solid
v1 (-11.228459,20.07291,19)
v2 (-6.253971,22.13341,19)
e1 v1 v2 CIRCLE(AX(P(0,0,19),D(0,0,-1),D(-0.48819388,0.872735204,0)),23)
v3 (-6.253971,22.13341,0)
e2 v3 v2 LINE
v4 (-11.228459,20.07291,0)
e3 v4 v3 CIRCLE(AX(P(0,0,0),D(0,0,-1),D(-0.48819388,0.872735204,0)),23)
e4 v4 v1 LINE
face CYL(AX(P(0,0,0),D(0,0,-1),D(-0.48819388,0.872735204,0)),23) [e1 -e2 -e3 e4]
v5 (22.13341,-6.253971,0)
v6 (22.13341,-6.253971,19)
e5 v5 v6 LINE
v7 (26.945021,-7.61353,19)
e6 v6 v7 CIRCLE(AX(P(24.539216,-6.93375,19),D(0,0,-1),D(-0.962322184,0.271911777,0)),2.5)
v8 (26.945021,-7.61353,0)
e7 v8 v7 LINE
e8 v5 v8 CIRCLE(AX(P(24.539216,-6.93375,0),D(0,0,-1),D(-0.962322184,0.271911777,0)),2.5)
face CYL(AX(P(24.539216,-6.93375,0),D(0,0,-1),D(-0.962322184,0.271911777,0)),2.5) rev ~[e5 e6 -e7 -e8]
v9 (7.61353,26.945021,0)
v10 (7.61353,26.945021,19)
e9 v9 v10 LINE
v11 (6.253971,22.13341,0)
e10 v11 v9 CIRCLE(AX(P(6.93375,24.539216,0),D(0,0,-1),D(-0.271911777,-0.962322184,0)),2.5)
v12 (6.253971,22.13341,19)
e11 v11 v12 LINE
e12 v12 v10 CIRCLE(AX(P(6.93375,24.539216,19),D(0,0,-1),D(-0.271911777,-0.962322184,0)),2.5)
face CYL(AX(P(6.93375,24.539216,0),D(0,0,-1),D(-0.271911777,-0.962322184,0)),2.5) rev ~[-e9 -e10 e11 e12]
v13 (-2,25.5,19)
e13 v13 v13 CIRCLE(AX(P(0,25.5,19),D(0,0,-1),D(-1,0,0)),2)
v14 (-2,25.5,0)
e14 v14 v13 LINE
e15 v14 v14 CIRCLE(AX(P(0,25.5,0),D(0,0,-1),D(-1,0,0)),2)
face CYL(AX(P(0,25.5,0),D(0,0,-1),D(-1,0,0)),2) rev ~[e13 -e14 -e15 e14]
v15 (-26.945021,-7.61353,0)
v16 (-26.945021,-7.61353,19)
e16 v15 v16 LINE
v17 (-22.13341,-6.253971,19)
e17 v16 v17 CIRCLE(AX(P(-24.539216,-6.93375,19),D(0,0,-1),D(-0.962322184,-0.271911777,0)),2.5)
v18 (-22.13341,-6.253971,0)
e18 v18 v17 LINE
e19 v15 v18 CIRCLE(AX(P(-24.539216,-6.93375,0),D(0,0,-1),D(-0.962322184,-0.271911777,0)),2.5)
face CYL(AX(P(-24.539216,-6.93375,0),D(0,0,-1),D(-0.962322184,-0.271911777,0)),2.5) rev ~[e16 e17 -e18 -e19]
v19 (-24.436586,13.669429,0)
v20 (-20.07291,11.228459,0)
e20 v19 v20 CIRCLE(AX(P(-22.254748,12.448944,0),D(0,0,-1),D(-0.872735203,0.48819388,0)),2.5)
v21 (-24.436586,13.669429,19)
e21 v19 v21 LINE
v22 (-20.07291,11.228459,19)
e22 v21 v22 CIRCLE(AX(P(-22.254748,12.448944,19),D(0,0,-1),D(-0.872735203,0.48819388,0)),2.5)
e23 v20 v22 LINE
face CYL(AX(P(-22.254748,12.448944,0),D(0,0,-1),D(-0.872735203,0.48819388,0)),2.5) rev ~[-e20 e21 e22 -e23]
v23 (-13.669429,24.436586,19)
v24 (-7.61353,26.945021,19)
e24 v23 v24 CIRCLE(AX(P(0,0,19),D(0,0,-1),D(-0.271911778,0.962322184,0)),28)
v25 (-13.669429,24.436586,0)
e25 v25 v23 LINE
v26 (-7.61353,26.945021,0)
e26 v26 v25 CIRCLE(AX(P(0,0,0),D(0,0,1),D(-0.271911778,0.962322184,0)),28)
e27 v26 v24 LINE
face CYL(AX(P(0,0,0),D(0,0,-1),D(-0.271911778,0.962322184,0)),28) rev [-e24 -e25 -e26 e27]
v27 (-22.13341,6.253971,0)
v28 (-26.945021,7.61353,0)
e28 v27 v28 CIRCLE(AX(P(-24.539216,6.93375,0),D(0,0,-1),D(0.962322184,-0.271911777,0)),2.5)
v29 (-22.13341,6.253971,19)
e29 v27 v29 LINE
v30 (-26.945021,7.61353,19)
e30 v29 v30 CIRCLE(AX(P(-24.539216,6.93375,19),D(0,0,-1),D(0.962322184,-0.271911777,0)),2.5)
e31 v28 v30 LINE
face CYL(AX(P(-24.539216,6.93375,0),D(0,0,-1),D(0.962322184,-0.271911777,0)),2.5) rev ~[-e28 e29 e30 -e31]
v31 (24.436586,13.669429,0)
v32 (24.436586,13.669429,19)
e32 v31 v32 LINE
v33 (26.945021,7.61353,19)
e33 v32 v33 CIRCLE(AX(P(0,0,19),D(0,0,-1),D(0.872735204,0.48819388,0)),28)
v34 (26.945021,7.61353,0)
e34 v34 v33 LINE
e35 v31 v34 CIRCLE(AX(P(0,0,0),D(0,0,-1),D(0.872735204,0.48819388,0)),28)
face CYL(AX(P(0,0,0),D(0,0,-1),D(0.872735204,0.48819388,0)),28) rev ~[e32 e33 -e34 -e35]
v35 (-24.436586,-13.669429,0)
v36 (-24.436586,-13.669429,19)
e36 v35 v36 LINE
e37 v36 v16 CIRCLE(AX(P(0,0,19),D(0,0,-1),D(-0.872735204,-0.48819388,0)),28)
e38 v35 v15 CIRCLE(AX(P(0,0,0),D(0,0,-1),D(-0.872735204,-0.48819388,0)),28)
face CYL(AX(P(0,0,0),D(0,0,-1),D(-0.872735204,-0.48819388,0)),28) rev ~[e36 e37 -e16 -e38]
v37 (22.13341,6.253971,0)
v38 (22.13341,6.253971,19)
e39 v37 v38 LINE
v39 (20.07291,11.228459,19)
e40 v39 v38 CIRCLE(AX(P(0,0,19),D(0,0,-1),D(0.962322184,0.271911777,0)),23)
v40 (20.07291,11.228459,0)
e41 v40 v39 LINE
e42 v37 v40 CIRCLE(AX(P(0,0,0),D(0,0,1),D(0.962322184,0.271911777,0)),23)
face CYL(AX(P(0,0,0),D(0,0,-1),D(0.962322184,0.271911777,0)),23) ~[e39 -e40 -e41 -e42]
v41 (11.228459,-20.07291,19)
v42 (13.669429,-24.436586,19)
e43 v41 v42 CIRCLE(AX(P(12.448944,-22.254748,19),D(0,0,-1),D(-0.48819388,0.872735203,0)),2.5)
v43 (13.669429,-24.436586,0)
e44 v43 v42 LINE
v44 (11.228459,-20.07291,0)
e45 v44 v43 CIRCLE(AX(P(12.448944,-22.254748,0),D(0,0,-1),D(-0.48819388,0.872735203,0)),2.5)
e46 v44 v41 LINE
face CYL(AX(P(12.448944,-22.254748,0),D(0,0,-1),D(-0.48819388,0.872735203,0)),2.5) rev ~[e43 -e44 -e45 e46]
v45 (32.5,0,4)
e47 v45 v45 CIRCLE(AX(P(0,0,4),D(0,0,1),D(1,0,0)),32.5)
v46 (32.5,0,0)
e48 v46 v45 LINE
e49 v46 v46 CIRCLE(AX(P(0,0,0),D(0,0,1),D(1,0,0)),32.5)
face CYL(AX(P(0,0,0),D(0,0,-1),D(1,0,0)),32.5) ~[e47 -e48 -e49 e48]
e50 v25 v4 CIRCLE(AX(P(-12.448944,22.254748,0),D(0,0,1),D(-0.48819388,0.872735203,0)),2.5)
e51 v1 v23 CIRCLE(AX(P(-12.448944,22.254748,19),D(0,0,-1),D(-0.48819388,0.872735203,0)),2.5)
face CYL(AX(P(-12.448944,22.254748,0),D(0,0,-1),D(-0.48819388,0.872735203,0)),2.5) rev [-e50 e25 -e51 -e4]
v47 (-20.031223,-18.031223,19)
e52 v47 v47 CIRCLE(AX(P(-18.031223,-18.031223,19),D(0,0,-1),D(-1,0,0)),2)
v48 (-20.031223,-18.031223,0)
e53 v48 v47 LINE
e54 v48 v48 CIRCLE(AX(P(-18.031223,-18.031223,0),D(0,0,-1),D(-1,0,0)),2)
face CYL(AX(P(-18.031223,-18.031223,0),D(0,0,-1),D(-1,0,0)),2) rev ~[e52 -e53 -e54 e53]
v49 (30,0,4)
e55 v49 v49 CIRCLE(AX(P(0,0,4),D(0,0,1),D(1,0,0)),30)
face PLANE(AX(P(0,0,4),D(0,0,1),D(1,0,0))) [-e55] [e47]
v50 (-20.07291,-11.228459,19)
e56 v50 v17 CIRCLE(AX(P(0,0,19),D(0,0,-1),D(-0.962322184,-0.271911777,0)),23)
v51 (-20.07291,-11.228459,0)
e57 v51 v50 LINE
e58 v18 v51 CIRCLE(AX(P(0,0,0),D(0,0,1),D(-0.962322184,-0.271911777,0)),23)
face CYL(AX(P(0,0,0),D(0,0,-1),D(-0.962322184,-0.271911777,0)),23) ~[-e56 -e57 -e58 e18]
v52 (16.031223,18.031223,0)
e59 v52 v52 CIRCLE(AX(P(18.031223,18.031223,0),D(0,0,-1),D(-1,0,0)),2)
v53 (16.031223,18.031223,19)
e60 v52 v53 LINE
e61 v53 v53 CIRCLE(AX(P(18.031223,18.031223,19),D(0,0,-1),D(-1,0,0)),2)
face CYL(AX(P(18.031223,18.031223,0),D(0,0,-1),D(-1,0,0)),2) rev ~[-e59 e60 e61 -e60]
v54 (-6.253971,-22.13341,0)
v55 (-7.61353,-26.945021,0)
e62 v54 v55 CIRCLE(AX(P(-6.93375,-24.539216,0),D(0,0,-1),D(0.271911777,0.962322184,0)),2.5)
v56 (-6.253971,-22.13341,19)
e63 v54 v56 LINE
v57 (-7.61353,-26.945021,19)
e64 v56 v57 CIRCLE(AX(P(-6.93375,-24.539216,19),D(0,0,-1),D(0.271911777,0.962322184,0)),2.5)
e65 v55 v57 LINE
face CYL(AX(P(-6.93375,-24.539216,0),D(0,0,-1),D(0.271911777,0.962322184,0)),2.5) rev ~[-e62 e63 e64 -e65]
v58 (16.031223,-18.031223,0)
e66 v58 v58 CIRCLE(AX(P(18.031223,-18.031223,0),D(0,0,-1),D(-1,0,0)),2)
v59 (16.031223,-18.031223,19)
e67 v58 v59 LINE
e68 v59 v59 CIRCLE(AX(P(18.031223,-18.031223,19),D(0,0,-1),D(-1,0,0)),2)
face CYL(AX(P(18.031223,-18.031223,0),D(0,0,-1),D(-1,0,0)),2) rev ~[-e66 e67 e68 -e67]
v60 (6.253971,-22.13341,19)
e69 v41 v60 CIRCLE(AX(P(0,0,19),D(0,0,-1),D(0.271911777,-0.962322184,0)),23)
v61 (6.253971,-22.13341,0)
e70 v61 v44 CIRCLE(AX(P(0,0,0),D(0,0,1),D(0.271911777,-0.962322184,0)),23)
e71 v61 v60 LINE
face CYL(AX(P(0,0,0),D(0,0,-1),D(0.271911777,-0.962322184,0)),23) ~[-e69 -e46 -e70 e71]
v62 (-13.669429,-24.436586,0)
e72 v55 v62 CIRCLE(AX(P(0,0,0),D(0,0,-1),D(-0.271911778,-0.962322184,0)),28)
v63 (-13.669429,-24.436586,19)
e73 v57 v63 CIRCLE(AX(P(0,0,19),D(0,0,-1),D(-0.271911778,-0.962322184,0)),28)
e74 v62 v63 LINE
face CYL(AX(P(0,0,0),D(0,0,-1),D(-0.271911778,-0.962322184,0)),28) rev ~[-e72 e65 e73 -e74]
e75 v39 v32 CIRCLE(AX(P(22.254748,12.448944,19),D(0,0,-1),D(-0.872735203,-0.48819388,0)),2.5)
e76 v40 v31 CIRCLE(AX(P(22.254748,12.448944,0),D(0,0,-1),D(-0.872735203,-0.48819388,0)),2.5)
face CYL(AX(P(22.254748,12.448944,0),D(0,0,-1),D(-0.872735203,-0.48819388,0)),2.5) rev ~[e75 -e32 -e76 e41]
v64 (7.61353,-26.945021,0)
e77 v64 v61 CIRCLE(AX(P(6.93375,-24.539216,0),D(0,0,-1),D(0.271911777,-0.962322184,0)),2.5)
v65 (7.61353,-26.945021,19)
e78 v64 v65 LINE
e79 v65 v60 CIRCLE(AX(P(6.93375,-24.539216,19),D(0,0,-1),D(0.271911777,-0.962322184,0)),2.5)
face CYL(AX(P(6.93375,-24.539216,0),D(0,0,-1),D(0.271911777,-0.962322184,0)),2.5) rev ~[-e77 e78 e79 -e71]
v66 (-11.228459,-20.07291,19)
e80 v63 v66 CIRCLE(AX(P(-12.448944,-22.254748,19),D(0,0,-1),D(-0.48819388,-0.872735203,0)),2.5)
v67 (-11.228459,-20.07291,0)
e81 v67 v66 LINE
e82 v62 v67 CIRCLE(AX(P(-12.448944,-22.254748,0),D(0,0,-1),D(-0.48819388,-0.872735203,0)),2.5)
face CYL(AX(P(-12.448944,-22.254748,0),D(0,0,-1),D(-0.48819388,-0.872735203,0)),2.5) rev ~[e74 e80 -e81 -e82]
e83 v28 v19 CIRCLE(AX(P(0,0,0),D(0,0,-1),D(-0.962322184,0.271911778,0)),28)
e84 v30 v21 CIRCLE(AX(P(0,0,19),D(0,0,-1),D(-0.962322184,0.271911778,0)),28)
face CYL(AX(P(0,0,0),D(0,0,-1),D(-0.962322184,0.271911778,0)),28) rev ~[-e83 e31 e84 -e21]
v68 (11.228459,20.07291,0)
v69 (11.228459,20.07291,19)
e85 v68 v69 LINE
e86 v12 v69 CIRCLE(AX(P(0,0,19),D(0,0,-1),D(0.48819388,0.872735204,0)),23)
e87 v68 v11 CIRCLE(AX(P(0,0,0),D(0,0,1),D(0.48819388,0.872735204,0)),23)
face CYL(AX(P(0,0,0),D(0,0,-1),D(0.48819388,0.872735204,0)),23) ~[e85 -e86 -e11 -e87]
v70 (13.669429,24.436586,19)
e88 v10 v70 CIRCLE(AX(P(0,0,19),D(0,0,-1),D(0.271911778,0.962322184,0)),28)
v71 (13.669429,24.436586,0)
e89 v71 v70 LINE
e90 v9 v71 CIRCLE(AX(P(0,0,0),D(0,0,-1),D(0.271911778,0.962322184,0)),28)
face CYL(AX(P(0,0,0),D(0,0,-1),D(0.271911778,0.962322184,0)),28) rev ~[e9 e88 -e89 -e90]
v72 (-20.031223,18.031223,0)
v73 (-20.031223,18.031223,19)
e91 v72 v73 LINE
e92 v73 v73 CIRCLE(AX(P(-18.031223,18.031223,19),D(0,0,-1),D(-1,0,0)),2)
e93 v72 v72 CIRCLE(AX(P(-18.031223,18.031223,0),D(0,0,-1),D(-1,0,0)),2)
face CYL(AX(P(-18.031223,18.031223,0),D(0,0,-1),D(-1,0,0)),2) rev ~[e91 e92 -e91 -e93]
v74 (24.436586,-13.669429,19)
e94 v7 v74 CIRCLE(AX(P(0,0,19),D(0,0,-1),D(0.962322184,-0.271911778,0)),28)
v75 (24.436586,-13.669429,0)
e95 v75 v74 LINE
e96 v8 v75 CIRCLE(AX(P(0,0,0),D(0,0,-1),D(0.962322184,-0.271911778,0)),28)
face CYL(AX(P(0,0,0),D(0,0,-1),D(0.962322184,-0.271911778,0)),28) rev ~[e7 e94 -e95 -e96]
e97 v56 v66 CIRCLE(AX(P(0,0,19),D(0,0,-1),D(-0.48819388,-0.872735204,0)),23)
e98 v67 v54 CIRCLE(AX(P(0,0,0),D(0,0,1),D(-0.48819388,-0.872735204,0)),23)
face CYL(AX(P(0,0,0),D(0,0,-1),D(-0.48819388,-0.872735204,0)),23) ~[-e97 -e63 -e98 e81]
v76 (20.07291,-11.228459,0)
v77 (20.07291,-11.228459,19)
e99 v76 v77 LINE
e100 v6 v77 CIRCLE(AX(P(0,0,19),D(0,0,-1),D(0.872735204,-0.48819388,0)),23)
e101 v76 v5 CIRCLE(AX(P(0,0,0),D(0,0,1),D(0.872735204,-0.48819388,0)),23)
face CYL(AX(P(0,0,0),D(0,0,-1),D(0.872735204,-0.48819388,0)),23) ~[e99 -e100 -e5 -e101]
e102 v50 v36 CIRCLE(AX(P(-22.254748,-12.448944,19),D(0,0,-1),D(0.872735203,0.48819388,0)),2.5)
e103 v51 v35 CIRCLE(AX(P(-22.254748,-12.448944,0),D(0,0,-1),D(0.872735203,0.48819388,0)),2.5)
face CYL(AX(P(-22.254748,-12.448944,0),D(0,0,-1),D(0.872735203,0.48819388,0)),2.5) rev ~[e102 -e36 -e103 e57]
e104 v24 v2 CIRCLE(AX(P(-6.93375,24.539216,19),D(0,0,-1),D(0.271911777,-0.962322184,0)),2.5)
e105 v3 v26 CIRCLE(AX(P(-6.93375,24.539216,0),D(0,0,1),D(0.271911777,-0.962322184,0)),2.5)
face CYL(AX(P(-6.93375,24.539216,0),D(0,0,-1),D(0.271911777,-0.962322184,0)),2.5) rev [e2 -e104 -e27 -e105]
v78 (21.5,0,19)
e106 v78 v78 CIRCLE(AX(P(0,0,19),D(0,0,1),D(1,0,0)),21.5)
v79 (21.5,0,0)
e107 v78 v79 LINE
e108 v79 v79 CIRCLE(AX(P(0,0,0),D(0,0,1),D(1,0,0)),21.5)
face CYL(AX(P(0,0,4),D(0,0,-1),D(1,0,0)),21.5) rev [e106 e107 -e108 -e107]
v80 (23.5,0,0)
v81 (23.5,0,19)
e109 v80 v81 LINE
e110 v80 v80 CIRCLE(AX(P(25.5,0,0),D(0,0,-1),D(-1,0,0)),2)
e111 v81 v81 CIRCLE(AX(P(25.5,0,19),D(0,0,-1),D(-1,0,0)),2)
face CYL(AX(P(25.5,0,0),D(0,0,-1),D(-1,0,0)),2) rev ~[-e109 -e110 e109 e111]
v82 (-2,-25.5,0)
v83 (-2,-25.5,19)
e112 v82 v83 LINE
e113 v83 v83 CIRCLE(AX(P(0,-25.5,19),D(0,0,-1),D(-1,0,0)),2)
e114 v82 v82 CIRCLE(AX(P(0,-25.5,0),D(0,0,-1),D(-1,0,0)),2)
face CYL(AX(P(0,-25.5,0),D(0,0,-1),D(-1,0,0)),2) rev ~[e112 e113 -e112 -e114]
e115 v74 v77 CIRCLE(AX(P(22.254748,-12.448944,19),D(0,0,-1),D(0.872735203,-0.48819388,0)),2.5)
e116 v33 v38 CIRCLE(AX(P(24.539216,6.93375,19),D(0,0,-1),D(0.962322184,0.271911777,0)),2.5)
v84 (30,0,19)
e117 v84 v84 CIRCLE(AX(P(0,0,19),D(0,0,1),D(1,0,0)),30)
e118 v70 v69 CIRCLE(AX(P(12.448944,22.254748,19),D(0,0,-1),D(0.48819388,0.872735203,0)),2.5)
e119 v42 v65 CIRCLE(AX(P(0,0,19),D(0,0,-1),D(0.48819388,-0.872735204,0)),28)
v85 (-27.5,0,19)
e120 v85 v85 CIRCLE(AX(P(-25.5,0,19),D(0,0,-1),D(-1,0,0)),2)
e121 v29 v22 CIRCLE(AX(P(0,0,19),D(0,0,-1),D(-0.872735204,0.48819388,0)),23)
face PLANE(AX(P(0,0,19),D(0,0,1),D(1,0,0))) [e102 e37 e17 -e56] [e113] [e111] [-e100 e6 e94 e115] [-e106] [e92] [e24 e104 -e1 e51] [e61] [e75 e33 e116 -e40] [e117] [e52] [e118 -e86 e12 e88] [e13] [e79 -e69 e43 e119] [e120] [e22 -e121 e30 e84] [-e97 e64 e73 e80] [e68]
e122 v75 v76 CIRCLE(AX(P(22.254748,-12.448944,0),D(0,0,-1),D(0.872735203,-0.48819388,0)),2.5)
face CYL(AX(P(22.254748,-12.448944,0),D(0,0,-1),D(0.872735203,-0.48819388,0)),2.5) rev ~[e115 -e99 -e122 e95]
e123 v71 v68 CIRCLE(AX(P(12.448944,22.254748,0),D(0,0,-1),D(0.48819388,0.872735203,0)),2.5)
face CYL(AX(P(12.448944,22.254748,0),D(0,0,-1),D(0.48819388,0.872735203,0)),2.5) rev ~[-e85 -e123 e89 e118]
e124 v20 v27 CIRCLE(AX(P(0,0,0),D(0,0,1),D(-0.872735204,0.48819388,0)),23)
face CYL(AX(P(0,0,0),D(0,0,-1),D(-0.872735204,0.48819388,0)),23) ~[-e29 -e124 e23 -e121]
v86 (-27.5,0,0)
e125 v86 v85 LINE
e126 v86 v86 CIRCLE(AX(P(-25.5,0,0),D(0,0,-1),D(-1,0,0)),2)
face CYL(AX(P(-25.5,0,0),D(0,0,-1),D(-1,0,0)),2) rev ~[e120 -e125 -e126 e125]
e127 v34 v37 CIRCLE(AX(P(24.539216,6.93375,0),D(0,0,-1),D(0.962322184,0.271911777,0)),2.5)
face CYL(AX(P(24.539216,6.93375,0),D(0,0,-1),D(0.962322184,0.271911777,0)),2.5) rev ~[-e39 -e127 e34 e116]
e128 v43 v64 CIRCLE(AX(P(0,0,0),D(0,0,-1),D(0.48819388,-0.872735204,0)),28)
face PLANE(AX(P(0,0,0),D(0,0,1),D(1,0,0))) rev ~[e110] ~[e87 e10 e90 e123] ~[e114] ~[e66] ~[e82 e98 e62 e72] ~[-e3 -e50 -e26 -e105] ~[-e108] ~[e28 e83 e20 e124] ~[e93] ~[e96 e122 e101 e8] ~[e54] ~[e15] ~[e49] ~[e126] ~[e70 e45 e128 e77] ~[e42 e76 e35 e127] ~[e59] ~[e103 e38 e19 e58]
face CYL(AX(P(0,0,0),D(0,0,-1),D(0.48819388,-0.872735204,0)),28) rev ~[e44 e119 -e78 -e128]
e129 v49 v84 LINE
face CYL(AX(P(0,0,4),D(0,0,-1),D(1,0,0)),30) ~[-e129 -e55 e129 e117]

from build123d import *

# Parameters (mm, degrees)
SKETCH_1_R          = 32.5
SKETCH_1_R_2        = 21.5
EXTRUDE_1_DEPTH     = 4
SKETCH_2_R          = 30
SKETCH_2_R_2        = 21.5
EXTRUDE_2_DEPTH     = 15
SKETCH_3_R          = 2
CUT_EXTRUDE_1_DEPTH = 50.734294003


with BuildPart() as part:
    # 草图1 → 凸台-拉伸1 (new body)
    with BuildSketch(Plane.XY):
        Circle(SKETCH_1_R)
        Circle(SKETCH_1_R_2, mode=Mode.SUBTRACT)
    extrude(amount=EXTRUDE_1_DEPTH)

    # 草图2 → 凸台-拉伸2 (add)
    with BuildSketch(Plane.XY.offset(4)):
        Circle(SKETCH_2_R)
        Circle(SKETCH_2_R_2, mode=Mode.SUBTRACT)
    extrude(amount=EXTRUDE_2_DEPTH)

    # 草图3 → 切除-拉伸1 (cut, through all)
    with BuildSketch(Plane(origin=(0, 0, 0), x_dir=(-1, 0, 0), z_dir=(0, 0, -1))):
        with Locations((18.03122292, 18.03122292)):
            Circle(SKETCH_3_R)
        with Locations((25.5, 0)):
            Circle(SKETCH_3_R)
        with Locations((18.03122292, -18.03122292)):
            Circle(SKETCH_3_R)
        with Locations((0, -25.5)):
            Circle(SKETCH_3_R)
        with Locations((-18.03122292, -18.03122292)):
            Circle(SKETCH_3_R)
        with Locations((-25.5, 0)):
            Circle(SKETCH_3_R)
        with Locations((-18.03122292, 18.03122292)):
            Circle(SKETCH_3_R)
        with Locations((0, 25.5)):
            Circle(SKETCH_3_R)
        with BuildLine():
            ThreePointArc((7.613529763, 26.945021146), (10.715136106, 25.86862691), (13.669428647, 24.436585696))
            ThreePointArc((13.669428647, 24.436585696), (14.630781955, 21.034262987), (11.228459246, 20.072909679))
            ThreePointArc((11.228459246, 20.072909679), (8.801718944, 21.249229248), (6.253970877, 22.133410227))
            ThreePointArc((6.253970877, 22.133410227), (4.527944861, 25.218995129), (7.613529763, 26.945021146))
        make_face()
        with BuildLine():
            ThreePointArc((24.436585696, 13.669428647), (21.034262987, 14.630781955), (20.072909679, 11.228459246))
            ThreePointArc((20.072909679, 11.228459246), (21.249229248, 8.801718944), (22.133410227, 6.253970877))
            ThreePointArc((22.133410227, 6.253970877), (25.218995129, 4.527944861), (26.945021146, 7.613529763))
            ThreePointArc((26.945021146, 7.613529763), (25.86862691, 10.715136106), (24.436585696, 13.669428647))
        make_face()
        with BuildLine():
            ThreePointArc((26.945021146, -7.613529763), (25.218995129, -4.527944861), (22.133410227, -6.253970877))
            ThreePointArc((22.133410227, -6.253970877), (21.249229248, -8.801718944), (20.072909679, -11.228459246))
            ThreePointArc((20.072909679, -11.228459246), (21.034262987, -14.630781955), (24.436585696, -13.669428647))
            ThreePointArc((24.436585696, -13.669428647), (25.86862691, -10.715136106), (26.945021146, -7.613529763))
        make_face()
        with BuildLine():
            ThreePointArc((13.669428647, -24.436585696), (14.630781955, -21.034262987), (11.228459246, -20.072909679))
            ThreePointArc((11.228459246, -20.072909679), (8.801718944, -21.249229248), (6.253970877, -22.133410227))
            ThreePointArc((6.253970877, -22.133410227), (4.527944861, -25.218995129), (7.613529763, -26.945021146))
            ThreePointArc((7.613529763, -26.945021146), (10.715136106, -25.86862691), (13.669428647, -24.436585696))
        make_face()
        with BuildLine():
            ThreePointArc((-7.613529763, -26.945021146), (-4.527944861, -25.218995129), (-6.253970877, -22.133410227))
            ThreePointArc((-6.253970877, -22.133410227), (-8.801718944, -21.249229248), (-11.228459246, -20.072909679))
            ThreePointArc((-11.228459246, -20.072909679), (-14.630781955, -21.034262987), (-13.669428647, -24.436585696))
            ThreePointArc((-13.669428647, -24.436585696), (-10.715136106, -25.86862691), (-7.613529763, -26.945021146))
        make_face()
        with BuildLine():
            ThreePointArc((-24.436585696, -13.669428647), (-21.034262987, -14.630781955), (-20.072909679, -11.228459246))
            ThreePointArc((-20.072909679, -11.228459246), (-21.249229248, -8.801718944), (-22.133410227, -6.253970877))
            ThreePointArc((-22.133410227, -6.253970877), (-25.218995129, -4.527944861), (-26.945021146, -7.613529763))
            ThreePointArc((-26.945021146, -7.613529763), (-25.86862691, -10.715136106), (-24.436585696, -13.669428647))
        make_face()
        with BuildLine():
            ThreePointArc((-26.945021146, 7.613529763), (-25.218995129, 4.527944861), (-22.133410227, 6.253970877))
            ThreePointArc((-22.133410227, 6.253970877), (-21.249229248, 8.801718944), (-20.072909679, 11.228459246))
            ThreePointArc((-20.072909679, 11.228459246), (-21.034262987, 14.630781955), (-24.436585696, 13.669428647))
            ThreePointArc((-24.436585696, 13.669428647), (-25.86862691, 10.715136106), (-26.945021146, 7.613529763))
        make_face()
        with BuildLine():
            ThreePointArc((-13.669428647, 24.436585696), (-14.630781955, 21.034262987), (-11.228459246, 20.072909679))
            ThreePointArc((-11.228459246, 20.072909679), (-8.801718944, 21.249229248), (-6.253970877, 22.133410227))
            ThreePointArc((-6.253970877, 22.133410227), (-4.527944861, 25.218995129), (-7.613529763, 26.945021146))
            ThreePointArc((-7.613529763, 26.945021146), (-10.715136106, 25.86862691), (-13.669428647, 24.436585696))
        make_face()
    extrude(amount=-CUT_EXTRUDE_1_DEPTH, mode=Mode.SUBTRACT)


solid = part.part
